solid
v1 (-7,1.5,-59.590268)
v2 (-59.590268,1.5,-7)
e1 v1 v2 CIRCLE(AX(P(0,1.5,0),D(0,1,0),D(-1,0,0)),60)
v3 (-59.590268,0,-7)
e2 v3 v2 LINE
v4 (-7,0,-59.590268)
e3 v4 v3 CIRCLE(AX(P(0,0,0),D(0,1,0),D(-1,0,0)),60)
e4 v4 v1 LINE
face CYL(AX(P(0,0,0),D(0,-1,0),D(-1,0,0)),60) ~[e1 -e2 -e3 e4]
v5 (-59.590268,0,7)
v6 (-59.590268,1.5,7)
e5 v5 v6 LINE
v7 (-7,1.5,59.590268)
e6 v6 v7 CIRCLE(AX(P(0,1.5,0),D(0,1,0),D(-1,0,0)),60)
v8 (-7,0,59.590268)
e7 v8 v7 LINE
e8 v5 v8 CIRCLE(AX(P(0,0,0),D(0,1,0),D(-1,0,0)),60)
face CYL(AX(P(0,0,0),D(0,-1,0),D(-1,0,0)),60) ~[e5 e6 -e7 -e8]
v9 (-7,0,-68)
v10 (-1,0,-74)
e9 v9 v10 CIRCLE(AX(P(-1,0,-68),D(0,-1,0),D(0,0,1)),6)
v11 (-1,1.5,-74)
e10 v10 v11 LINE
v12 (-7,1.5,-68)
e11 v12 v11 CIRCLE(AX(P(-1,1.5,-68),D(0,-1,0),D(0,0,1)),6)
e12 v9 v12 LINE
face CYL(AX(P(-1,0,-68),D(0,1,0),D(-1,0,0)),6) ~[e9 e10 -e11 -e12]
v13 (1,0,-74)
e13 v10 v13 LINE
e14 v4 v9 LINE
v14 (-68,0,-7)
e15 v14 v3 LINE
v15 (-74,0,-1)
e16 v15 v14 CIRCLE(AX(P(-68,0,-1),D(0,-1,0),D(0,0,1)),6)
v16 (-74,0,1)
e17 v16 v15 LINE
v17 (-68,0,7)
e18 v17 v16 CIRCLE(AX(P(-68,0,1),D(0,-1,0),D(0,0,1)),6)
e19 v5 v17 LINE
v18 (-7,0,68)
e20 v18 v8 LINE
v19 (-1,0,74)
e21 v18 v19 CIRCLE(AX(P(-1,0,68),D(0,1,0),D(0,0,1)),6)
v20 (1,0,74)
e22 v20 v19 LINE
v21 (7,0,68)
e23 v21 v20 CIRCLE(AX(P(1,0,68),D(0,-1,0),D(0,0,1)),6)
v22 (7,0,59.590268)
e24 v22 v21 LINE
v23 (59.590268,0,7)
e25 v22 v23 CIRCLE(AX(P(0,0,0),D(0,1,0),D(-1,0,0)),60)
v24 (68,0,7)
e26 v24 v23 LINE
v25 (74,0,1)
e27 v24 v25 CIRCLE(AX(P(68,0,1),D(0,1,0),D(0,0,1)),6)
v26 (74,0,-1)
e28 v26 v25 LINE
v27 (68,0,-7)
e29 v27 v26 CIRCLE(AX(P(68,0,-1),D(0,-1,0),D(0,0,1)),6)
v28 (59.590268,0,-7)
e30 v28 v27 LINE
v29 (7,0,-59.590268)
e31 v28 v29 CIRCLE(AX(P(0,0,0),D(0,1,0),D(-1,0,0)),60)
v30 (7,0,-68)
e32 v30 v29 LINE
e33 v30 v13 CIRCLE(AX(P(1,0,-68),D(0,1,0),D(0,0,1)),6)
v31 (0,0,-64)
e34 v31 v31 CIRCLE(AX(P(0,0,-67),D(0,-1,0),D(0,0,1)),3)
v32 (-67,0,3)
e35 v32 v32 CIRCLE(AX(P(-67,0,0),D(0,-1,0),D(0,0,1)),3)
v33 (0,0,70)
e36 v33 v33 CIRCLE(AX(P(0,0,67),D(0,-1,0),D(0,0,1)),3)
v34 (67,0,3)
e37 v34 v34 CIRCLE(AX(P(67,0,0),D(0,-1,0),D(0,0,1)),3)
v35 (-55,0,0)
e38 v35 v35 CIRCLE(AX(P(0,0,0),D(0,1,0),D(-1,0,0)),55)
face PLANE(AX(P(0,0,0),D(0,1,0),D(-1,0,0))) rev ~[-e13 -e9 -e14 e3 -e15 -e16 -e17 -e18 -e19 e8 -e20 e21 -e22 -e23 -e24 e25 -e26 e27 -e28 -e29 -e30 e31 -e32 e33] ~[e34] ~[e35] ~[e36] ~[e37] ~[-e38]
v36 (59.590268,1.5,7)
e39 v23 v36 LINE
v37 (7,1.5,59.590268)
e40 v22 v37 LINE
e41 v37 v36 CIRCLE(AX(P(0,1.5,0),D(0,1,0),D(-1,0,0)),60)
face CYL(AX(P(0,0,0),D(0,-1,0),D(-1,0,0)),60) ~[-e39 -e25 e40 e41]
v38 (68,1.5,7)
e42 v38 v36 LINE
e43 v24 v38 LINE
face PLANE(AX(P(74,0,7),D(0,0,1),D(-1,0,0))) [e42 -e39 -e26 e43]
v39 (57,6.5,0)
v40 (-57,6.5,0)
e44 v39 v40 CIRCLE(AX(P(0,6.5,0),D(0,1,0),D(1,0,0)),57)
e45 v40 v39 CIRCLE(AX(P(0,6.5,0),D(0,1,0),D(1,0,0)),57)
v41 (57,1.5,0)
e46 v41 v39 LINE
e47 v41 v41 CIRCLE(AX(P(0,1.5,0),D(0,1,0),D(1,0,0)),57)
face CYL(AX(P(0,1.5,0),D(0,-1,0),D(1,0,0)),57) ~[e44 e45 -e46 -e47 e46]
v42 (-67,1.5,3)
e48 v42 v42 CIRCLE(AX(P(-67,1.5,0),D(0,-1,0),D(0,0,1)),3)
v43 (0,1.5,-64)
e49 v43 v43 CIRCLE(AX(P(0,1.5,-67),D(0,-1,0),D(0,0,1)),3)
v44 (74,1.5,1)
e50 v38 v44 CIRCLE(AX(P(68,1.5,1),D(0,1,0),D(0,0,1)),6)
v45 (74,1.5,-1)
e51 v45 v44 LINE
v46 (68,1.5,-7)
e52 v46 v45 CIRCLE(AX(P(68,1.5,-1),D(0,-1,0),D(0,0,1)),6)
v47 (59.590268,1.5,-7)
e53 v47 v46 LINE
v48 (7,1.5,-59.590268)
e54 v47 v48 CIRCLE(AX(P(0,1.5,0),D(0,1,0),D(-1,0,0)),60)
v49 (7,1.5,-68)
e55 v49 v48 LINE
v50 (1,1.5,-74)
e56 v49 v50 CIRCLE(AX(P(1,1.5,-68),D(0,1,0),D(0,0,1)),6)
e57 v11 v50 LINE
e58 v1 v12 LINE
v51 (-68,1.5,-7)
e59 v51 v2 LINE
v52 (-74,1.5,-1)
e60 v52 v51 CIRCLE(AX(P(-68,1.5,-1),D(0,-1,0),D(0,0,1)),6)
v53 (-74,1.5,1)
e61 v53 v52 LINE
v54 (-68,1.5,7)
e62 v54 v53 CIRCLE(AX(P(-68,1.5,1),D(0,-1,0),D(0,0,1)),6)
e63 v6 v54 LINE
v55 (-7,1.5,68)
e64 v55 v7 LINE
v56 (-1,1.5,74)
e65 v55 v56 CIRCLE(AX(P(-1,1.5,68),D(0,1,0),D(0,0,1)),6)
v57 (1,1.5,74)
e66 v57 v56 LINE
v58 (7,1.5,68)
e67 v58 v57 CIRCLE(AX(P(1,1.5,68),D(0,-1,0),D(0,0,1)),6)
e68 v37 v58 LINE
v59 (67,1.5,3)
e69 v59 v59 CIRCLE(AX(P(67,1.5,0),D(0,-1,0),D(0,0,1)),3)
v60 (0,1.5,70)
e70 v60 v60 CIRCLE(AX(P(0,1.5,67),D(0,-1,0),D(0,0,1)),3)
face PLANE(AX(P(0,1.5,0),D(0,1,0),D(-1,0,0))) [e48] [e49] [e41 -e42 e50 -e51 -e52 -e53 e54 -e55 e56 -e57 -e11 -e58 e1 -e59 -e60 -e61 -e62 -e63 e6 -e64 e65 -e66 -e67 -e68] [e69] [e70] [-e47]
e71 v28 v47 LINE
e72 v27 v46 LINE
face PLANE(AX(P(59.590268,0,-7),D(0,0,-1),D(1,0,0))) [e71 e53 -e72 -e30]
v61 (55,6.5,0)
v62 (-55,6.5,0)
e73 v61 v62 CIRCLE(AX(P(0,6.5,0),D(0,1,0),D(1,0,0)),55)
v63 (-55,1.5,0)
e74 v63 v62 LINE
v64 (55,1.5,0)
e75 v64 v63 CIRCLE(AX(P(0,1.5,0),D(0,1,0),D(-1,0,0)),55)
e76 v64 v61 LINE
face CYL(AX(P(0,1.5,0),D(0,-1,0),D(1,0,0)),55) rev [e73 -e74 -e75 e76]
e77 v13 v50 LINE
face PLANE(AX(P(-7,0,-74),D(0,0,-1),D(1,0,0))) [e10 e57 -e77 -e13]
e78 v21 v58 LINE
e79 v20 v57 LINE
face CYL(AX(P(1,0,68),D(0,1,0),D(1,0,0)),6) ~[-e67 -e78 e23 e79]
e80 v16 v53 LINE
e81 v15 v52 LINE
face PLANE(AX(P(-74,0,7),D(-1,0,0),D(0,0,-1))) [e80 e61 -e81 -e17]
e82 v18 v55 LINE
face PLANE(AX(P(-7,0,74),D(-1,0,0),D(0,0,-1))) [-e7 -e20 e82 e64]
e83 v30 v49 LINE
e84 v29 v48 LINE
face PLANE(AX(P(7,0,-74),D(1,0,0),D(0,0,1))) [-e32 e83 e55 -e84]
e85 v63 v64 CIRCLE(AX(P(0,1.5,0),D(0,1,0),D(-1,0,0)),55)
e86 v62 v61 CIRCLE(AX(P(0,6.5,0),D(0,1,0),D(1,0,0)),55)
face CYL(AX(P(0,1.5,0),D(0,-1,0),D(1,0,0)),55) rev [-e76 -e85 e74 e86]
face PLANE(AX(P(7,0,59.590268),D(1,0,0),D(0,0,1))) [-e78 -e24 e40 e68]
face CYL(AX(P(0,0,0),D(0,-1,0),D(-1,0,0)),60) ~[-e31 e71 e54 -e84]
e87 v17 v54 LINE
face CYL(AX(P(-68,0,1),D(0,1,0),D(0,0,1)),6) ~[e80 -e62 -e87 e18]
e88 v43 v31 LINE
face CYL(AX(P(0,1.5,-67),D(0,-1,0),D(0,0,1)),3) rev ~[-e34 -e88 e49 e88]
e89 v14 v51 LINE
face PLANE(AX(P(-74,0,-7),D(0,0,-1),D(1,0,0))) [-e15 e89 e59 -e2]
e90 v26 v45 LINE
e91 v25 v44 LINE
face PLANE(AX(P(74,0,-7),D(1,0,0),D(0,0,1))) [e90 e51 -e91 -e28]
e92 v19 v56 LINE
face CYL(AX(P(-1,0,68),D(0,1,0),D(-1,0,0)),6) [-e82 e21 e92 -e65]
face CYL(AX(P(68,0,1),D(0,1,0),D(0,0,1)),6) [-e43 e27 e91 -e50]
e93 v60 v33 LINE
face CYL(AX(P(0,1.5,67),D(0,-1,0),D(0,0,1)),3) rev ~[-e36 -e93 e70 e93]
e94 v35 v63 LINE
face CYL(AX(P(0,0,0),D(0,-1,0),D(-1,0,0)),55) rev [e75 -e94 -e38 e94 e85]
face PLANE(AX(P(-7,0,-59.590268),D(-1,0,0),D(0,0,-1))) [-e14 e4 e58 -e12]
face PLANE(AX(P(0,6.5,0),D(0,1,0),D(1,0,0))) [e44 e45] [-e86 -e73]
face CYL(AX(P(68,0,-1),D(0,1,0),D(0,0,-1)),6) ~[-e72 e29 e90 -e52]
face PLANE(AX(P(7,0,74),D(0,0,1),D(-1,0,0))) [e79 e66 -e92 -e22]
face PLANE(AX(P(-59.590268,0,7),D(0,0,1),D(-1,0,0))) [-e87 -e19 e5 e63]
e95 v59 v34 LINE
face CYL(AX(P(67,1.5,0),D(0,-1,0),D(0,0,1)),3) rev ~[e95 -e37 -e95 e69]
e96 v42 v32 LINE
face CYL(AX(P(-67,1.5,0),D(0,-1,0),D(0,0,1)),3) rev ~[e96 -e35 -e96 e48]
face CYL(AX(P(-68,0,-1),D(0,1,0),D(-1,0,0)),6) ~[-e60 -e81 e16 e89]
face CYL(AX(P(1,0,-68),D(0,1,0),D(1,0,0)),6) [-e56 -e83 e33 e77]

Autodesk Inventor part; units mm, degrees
ref_plane "YZ Plane" through (0, 0, 0) normal (1, 0, 0) x (0, 1, 0)
ref_plane "XZ Plane" through (0, 0, 0) normal (0, 1, 0) x (-1, 0, 0)
ref_plane "XY Plane" through (0, 0, 0) normal (0, 0, 1) x (1, 0, 0)
sketch "Sketch1" plane through (0, 0, 0) normal (0, 1, 0) x (-1, 0, 0)
  circle A0 centre (0, 0) radius 55
  circle A1 centre (0, 0) radius 60
  line L0 (0, 57.5) -> (7, 57.5)
  line L1 (7, 57.5) -> (-7, 57.5)
  line L2 (7, 57.5) -> (-7, 57.5)
  line L3 (-7, 57.5) -> (-7, 74)
  line L4 (-7, 74) -> (7, 74)
  line L5 (7, 74) -> (7, 57.5)
  line L6 (-74, 7) -> (-57.5, 7)
  line L7 (-74, -7) -> (-74, 7)
  line L8 (-57.5, -7) -> (-74, -7)
  line L9 (-57.5, 7) -> (-57.5, -7)
  line L10 (-7, -74) -> (-7, -57.5)
  line L11 (7, -74) -> (-7, -74)
  line L12 (7, -57.5) -> (7, -74)
  line L13 (-7, -57.5) -> (7, -57.5)
  line L14 (74, -7) -> (57.5, -7)
  line L15 (74, 7) -> (74, -7)
  line L16 (57.5, 7) -> (74, 7)
  line L17 (57.5, -7) -> (57.5, 7)
  point P0 (-7, 59.5903)
  point P1 (-59.5903, 7)
  point P2 (-59.5903, -7)
  point P3 (-7, -59.5903)
  point P4 (7, -59.5903)
  point P5 (59.5903, -7)
  point P6 (59.5903, 7)
  point P7 (7, 59.5903)
  dimension "d0" = 110
  dimension "d1" = 120
  dimension "d2" = 7
  dimension "d3" = 14
  dimension "d7" = 360
extrude "Extrusion1" add sketch "Sketch1" along normal blind 1.5
fillet "Fillet1" radius 6 8 edges at (74, 0.75, -7) (74, 0.75, 7) (7, 0.75, -74) (-7, 0.75, -74) (-74, 0.75, -7) (-74, 0.75, 7) (-7, 0.75, 74) (7, 0.75, 74)
sketch "Sketch2" plane through (0, 1.5, 0) normal (0, 1, 0) x (1, 0, 0)
  line L0 (-1, -74) -> (1, -74) projected
  line L1 (0, -74) -> (0, -67)
  line L2 (74, -1) -> (74, 1) projected
  line L3 (74, 0) -> (67, 0)
  line L4 (1, 74) -> (-1, 74) projected
  line L5 (0, 74) -> (0, 67)
  line L6 (-74, 1) -> (-74, -1) projected
  line L7 (-74, 0) -> (-67, 0)
  point P0 (0, 0)
  dimension "d12" = 7
  dimension "d13" = 7
  dimension "d14" = 7
  dimension "d15" = 7
hole "Hole1" at (0, 1.5, 67) at (-67, 1.5, 0) at (0, 1.5, -67) at (67, 1.5, 0) direction (0, -1, 0) diameter 6 end through all
sketch "Sketch3" plane through (0, 1.5, 0) normal (0, 1, 0) x (1, 0, 0)
  circle A0 centre (0, 0) radius 55
  circle A1 centre (0, 0) radius 55 projected
  line L0 (-55, 0) -> (-57, 0)
  circle A2 centre (0, 0) radius 57
  dimension "d23" = 2
extrude "Extrusion2" add sketch "Sketch3" along normal blind 5
properties part number "Fan_Part2"
